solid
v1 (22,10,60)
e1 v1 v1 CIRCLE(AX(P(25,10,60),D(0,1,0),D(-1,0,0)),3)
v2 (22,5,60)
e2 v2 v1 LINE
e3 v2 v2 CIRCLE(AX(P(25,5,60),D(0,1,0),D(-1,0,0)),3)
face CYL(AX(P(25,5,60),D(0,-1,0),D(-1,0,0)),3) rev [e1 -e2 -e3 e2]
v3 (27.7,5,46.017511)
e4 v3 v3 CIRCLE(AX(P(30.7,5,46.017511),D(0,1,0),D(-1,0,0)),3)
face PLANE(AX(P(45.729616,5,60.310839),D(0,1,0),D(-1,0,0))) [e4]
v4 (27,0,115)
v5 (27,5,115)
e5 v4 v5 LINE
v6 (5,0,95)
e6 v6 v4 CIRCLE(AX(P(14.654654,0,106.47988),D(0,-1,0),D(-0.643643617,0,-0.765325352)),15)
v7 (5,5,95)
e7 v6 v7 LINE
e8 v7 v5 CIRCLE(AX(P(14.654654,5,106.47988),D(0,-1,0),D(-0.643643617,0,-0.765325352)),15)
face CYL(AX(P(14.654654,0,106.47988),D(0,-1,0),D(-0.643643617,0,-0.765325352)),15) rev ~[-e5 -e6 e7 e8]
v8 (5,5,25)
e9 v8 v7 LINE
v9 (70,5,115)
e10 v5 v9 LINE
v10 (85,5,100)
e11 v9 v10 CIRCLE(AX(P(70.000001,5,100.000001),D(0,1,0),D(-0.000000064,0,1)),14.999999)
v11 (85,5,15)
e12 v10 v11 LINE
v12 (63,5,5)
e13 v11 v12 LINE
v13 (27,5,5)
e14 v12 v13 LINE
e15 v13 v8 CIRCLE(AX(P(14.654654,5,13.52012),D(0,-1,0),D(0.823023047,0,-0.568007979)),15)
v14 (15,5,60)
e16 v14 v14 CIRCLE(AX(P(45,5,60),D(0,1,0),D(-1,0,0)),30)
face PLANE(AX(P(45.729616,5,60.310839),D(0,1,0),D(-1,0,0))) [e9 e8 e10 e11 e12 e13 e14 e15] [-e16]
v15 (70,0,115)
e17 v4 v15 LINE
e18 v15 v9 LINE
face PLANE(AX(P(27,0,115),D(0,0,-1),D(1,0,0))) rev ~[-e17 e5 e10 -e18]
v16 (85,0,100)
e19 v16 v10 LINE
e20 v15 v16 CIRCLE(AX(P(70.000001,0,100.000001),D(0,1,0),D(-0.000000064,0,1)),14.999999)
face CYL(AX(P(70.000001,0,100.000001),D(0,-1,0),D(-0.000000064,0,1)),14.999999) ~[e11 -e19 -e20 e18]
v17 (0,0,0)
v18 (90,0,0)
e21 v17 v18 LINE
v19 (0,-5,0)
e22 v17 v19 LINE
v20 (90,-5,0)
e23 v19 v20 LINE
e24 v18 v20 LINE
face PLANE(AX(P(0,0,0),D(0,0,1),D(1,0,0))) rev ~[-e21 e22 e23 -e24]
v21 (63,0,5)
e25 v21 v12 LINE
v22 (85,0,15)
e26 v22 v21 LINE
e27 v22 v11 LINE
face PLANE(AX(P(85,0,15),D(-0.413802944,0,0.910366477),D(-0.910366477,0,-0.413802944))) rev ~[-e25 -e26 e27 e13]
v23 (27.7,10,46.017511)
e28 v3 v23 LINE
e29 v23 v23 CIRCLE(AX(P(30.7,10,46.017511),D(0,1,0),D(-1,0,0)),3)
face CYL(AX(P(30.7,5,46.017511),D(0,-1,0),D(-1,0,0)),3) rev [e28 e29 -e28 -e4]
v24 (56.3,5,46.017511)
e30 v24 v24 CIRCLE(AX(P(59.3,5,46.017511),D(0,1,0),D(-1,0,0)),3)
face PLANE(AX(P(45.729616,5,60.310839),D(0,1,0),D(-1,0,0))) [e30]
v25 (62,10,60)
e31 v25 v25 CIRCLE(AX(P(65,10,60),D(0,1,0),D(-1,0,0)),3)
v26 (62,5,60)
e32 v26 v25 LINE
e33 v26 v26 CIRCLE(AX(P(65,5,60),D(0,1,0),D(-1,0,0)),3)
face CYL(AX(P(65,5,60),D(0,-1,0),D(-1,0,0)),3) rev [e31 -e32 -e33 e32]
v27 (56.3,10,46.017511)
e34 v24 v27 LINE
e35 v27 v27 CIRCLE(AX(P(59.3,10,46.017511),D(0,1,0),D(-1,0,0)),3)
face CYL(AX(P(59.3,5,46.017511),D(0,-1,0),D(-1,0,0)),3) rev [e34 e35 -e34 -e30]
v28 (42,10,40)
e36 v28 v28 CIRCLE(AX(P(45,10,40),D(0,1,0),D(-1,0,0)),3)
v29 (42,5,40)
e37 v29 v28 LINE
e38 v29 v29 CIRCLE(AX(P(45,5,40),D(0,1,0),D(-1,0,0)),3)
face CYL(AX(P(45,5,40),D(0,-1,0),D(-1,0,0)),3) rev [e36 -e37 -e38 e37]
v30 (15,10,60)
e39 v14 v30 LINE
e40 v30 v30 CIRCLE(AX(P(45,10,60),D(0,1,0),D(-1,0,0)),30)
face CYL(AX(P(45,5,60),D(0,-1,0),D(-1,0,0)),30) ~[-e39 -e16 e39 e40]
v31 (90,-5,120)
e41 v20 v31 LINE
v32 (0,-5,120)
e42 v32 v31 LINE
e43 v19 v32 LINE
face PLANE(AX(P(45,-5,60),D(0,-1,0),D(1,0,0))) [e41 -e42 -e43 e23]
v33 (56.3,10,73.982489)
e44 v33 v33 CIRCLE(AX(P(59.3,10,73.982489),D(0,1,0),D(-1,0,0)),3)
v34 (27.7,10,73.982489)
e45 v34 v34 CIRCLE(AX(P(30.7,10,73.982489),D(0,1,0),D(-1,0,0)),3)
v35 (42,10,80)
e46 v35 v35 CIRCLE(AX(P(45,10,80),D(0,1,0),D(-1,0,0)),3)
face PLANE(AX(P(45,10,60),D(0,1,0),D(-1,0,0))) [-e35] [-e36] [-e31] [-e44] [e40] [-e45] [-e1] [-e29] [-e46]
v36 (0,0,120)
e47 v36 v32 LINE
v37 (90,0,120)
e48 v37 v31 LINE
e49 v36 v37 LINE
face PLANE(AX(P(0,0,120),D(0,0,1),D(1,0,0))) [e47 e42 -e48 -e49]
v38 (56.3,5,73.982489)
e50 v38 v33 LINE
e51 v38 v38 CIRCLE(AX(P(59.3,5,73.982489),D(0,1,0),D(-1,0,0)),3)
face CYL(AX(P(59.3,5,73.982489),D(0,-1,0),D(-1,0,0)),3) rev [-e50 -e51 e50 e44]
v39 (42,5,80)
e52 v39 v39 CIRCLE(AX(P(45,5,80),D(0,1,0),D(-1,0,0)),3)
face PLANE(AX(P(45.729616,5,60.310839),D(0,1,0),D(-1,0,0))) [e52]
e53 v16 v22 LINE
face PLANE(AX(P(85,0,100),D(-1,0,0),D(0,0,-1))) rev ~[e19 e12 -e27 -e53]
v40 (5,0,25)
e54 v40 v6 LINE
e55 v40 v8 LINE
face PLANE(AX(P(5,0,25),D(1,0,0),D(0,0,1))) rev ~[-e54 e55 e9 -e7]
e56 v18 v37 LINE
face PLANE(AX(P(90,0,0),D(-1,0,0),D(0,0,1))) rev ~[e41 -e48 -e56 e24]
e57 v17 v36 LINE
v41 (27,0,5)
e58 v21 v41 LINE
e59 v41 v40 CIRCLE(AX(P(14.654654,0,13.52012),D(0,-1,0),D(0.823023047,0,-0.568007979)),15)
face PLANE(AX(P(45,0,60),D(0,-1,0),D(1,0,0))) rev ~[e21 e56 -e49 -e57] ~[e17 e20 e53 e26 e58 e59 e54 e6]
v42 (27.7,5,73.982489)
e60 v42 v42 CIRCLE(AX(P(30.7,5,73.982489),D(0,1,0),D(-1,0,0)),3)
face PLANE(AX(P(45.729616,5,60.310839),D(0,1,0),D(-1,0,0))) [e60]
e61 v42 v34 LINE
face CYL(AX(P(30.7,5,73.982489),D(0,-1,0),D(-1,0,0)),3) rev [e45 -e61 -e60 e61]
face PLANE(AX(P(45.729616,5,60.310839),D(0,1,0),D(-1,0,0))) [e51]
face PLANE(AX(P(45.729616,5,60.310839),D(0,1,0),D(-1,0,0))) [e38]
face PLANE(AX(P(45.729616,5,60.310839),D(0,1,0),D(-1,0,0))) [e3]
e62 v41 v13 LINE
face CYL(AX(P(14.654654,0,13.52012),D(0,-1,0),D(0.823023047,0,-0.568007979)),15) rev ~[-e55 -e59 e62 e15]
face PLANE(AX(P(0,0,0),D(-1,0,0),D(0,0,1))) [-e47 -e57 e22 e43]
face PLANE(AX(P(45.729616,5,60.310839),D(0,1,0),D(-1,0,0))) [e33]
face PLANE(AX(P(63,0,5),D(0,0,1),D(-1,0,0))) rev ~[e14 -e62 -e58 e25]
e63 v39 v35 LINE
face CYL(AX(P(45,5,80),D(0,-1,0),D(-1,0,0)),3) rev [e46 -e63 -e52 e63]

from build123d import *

# Parameters (mm, degrees)
F0_W     = 90
F0_H     = 120
F1_DEPTH = 5
F3_DEPTH = 5
F4_R     = 30
F4_R_2   = 3
F5_DEPTH = 5


with BuildPart() as f1:
    # F0 (on Front) → F1 (new body)
    with BuildSketch(Plane.XZ):
        with Locations((45, 60)):
            Rectangle(F0_W, F0_H)
    extrude(amount=F1_DEPTH)

    # F2 (on face) → F3 (join)
    with BuildSketch(Plane(origin=(0, 0, 0), x_dir=(-1, 0, 0), z_dir=(0, 1, 0))):
        with BuildLine():
            Line((-85, 15), (-63, 5))
            Line((-63, 5), (-27, 5))
            ThreePointArc((-27, 5), (-24.744746, 24.619221), (-5, 25))
            Line((-5, 25), (-5, 95))
            ThreePointArc((-5, 95), (-24.744746, 95.380779), (-27, 115))
            Line((-27, 115), (-70, 115))
            ThreePointArc((-70, 115), (-80.606602, 110.606602), (-85, 100))
            Line((-85, 100), (-85, 15))
        make_face()
    extrude(amount=F3_DEPTH)

    # F4 (on face) → F5 (join)
    with BuildSketch(Plane(origin=(0, 5, 0), x_dir=(-1, 0, 0), z_dir=(0, 1, 0))):
        with Locations((-45, 60)):
            Circle(F4_R)
        with Locations((-59.3, 46.017511)):
            Circle(F4_R_2, mode=Mode.SUBTRACT)
        with Locations((-45, 40)):
            Circle(F4_R_2, mode=Mode.SUBTRACT)
        with Locations((-30.7, 46.017511)):
            Circle(F4_R_2, mode=Mode.SUBTRACT)
        with Locations((-65, 60)):
            Circle(F4_R_2, mode=Mode.SUBTRACT)
        with Locations((-59.3, 73.982489)):
            Circle(F4_R_2, mode=Mode.SUBTRACT)
        with Locations((-45, 80)):
            Circle(F4_R_2, mode=Mode.SUBTRACT)
        with Locations((-30.7, 73.982489)):
            Circle(F4_R_2, mode=Mode.SUBTRACT)
        with Locations((-25, 60)):
            Circle(F4_R_2, mode=Mode.SUBTRACT)
    extrude(amount=F5_DEPTH)


solid = f1.part
